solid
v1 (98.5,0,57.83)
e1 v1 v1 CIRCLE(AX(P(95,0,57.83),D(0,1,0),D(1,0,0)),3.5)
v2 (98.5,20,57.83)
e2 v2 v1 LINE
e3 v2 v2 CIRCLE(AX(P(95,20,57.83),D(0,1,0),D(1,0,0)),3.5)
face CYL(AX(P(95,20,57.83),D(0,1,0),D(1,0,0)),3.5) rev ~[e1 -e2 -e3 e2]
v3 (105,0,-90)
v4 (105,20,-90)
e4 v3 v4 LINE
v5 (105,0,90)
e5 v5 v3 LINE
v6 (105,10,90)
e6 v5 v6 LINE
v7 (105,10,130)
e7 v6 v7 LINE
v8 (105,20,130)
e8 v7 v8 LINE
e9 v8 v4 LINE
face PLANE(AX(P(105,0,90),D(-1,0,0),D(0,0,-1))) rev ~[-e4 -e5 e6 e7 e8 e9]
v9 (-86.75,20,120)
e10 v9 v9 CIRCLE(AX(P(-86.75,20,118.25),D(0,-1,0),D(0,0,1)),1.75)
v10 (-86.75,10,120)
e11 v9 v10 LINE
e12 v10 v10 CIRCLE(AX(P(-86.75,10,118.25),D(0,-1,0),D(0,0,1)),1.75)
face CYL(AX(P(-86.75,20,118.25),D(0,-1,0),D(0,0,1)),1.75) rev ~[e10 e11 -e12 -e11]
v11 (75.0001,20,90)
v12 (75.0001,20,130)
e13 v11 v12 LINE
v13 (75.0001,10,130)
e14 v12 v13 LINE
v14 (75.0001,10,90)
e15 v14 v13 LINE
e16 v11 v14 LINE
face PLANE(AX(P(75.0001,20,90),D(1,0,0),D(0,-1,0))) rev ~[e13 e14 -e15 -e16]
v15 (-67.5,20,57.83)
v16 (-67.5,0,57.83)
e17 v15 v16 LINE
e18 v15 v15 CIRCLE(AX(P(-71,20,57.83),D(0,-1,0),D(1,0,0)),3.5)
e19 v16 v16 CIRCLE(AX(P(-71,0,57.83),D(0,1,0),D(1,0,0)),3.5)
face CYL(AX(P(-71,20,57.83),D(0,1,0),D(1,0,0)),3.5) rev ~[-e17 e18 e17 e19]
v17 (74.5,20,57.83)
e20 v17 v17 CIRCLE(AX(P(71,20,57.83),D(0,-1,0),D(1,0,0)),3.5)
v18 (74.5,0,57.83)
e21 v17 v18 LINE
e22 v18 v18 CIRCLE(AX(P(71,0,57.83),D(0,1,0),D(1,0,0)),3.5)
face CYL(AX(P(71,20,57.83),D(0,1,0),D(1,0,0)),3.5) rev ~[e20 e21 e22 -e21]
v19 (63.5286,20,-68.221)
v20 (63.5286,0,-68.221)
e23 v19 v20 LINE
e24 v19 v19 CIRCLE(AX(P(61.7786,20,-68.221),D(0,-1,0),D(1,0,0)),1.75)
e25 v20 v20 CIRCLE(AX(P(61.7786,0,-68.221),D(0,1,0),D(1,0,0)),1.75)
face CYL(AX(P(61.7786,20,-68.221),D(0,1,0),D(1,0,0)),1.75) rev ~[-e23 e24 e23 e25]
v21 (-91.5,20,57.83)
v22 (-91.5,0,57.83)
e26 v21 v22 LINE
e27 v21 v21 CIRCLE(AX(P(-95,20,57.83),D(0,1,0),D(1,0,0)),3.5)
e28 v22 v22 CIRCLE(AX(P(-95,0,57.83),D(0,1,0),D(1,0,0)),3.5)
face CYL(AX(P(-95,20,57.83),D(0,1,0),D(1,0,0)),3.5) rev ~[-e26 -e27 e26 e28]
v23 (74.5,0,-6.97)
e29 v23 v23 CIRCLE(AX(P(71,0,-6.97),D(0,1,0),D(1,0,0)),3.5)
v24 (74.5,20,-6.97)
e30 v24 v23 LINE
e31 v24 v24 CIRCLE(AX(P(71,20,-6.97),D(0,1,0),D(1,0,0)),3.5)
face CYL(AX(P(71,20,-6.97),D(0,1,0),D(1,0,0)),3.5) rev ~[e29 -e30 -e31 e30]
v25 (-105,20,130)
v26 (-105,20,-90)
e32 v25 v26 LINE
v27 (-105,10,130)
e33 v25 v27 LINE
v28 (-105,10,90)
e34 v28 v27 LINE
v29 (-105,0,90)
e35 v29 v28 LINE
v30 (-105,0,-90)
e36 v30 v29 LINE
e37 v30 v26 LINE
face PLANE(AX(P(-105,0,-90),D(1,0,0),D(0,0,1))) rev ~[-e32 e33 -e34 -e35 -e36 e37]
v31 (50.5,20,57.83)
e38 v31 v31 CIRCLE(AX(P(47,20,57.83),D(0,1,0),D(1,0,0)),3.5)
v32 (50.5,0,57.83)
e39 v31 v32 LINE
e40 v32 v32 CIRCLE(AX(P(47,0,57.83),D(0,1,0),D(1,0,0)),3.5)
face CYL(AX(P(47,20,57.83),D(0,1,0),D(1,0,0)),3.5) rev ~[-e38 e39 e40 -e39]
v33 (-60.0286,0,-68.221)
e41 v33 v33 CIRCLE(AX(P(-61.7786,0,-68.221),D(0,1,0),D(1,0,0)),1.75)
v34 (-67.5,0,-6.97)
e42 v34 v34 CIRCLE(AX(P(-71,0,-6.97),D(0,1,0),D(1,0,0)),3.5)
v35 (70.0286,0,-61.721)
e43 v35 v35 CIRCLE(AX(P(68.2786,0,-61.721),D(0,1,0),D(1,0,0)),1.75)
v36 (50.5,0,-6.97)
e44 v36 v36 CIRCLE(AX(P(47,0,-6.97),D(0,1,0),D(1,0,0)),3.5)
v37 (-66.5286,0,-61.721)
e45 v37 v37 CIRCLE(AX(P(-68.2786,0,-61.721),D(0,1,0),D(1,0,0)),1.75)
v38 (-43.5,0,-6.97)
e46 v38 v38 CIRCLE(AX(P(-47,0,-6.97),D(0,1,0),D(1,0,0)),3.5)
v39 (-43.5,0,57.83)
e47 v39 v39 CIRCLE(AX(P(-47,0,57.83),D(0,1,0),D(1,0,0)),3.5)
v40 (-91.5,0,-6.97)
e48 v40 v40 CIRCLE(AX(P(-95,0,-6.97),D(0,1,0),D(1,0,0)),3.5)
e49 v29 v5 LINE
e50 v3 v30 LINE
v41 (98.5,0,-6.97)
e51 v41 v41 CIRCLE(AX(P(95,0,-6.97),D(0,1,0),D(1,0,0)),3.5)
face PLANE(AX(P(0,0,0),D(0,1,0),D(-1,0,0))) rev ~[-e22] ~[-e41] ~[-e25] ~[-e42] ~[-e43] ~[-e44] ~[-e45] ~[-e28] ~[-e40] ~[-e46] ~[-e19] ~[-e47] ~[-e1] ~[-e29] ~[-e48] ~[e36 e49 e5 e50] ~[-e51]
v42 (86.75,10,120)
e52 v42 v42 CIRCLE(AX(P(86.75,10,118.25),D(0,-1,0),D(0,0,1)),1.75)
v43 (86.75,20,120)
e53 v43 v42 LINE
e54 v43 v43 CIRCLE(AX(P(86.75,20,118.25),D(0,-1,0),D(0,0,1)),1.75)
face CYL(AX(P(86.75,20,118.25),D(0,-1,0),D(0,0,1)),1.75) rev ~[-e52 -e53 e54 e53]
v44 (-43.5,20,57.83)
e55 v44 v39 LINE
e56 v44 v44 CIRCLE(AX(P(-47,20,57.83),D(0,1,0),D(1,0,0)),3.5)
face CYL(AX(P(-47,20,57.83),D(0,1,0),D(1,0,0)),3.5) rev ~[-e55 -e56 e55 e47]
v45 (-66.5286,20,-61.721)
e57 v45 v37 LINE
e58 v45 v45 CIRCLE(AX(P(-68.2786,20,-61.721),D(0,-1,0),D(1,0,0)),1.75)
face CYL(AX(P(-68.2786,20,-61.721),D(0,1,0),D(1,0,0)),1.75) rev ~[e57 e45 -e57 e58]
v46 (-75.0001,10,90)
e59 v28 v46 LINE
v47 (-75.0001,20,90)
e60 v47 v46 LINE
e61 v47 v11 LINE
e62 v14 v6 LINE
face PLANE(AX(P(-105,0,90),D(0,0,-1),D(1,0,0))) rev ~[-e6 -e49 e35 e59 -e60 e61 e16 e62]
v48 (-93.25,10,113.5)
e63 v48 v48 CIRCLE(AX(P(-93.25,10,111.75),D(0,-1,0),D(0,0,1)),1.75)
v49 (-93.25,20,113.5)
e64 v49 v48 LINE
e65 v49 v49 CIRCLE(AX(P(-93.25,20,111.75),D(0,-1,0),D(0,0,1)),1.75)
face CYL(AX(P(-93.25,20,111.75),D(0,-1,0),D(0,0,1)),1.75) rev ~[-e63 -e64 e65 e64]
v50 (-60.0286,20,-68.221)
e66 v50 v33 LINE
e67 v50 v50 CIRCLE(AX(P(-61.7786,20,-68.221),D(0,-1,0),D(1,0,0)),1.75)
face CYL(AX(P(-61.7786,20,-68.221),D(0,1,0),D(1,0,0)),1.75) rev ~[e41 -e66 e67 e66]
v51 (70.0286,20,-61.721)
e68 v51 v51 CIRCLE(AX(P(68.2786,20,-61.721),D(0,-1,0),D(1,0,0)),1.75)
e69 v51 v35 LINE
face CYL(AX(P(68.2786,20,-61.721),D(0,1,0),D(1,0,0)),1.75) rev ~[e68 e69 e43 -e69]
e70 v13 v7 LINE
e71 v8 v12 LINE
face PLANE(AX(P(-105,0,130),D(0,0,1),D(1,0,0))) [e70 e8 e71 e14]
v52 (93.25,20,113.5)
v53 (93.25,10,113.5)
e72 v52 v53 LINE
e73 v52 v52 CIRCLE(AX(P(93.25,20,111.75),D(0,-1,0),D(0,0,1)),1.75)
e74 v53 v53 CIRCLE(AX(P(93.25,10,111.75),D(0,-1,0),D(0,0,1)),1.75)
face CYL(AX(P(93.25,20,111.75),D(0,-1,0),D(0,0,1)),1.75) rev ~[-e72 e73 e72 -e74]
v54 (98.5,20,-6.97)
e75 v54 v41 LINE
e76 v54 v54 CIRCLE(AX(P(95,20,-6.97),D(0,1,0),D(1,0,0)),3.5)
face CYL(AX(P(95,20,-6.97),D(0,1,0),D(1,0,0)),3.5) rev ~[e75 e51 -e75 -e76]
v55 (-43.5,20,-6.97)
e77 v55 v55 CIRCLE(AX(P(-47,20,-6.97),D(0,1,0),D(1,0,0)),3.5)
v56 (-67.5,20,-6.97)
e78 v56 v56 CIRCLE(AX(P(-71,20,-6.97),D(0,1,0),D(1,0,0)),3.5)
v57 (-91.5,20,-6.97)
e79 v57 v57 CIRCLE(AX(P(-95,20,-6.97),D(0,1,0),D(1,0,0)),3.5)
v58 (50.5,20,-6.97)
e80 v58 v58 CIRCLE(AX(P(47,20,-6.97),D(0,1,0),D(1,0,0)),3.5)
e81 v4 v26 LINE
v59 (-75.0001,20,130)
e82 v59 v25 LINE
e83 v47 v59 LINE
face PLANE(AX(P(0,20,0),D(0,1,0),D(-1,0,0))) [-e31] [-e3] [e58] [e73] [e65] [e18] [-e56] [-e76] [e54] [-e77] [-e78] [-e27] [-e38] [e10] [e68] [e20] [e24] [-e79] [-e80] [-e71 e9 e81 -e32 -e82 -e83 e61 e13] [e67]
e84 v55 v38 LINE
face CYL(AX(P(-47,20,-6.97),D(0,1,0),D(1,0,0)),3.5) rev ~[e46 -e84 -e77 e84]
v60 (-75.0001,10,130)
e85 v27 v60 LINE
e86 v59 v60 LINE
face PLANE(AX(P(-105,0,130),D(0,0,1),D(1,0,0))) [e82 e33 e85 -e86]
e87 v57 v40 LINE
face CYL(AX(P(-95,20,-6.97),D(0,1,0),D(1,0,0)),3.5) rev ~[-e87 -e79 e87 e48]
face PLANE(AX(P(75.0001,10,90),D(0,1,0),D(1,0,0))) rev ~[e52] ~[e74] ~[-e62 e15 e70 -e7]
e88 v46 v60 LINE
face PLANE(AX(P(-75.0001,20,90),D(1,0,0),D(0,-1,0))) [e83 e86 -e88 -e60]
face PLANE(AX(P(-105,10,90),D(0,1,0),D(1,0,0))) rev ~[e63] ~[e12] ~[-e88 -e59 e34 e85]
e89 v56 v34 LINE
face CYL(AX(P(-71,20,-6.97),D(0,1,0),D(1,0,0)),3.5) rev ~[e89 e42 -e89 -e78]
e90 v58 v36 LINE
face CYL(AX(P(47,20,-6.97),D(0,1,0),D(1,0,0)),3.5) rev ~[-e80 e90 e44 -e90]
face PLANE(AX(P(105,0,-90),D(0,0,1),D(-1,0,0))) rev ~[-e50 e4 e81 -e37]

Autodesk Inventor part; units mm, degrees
ref_plane "YZ Plane" through (0, 0, 0) normal (1, 0, 0) x (0, 1, 0)
ref_plane "XZ Plane" through (0, 0, 0) normal (0, 1, 0) x (-1, 0, 0)
ref_plane "XY Plane" through (0, 0, 0) normal (0, 0, 1) x (1, 0, 0)
sketch "Boceto1" plane through (0, 0, 0) normal (0, 1, 0) x (-1, 0, 0)
  line L0 (105, 90) -> (-105, 90)
  line L1 (-105, 90) -> (-105, -90)
  line L2 (-105, -90) -> (105, -90)
  line L3 (105, -90) -> (105, 90)
  line L4 (105, 90) -> (-105, -90) construction
  line L5 (-105, 90) -> (105, -90) construction
  point P0 (0, 0)
  dimension "d0" = 210
  dimension "d1" = 180
extrude "Extrusión1" add sketch "Boceto1" along normal blind 20
sketch "Boceto2" plane through (0, 20, 0) normal (0, 1, 0) x (1, 0, 0)
  circle A0 centre (-95, -57.83) radius 3.5
  line L0 (-105, -65.43) -> (-37, -65.43)
  line L1 (-37, -65.43) -> (-37, 14.57)
  line L2 (-37, 14.57) -> (-105, 14.57)
  line L3 (-105, 14.57) -> (-105, -65.43)
  line L4 (-71, -65.43) -> (-71, -8.508)
  circle A1 centre (-71, -57.83) radius 3.5
  circle A2 centre (-47, -57.83) radius 3.5
  line L5 (-37, -25.43) -> (-48.2072, -25.43)
  circle A3 centre (-47, 6.97) radius 3.5
  circle A4 centre (-71, 6.97) radius 3.5
  circle A5 centre (-95, 6.97) radius 3.5
  line L6 (0, 0) -> (0, 47.1145)
  circle A6 centre (95, -57.83) radius 3.5
  line L7 (105, -65.43) -> (37, -65.43)
  line L8 (37, -65.43) -> (37, 14.57)
  line L9 (37, 14.57) -> (105, 14.57)
  line L10 (105, 14.57) -> (105, -65.43)
  line L11 (71, -65.43) -> (71, -8.508)
  circle A7 centre (71, -57.83) radius 3.5
  circle A8 centre (47, -57.83) radius 3.5
  line L12 (37, -25.43) -> (48.2072, -25.43)
  circle A9 centre (47, 6.97) radius 3.5
  circle A10 centre (71, 6.97) radius 3.5
  circle A11 centre (95, 6.97) radius 3.5
  circle A12 centre (-65, 65) radius 5
  circle A13 centre (65, 65) radius 5
  circle A14 centre (65, 65) radius 5
  line L13 (0, 0) -> (210, 0)
  line L14 (0, 0) -> (210, 0)
  line L15 (210, 0) -> (105, 0)
  circle A15 centre (40, -25) radius 5
  circle A16 centre (0, -75) radius 10
  line L16 (-105, -90) -> (105, -90) projected
  line L17 (105, 90) -> (-105, 90) projected
  line L18 (-105, 90) -> (-105, -90) projected
  dimension "d4" = 7
  dimension "d5" = 68
  dimension "d6" = 80
  dimension "d7" = 7.6
  dimension "d8" = 10
  dimension "d9" = 7
  dimension "d11" = 24
  dimension "d14" = 10
  dimension "d16" = 10
  dimension "d30" = 20
  dimension "d31" = 0
  dimension "d32" = 15
  dimension "d101" = 25
  dimension "d102" = 40
extrude "Extrusión2" cut sketch "Boceto2" against normal blind 20 contours A0 | A1 L4 | L4 A1 | A2 | A3 | A4 | A5 | A6 | A7 L11 | L11 A7 | A8 | A9 | A10 | A11
sketch "Boceto7" plane through (-105, 0, 90) normal (0, 0, 1) x (1, 0, 0)
  line L0 (0, 10) -> (29.9999, 10)
  line L1 (29.9999, 20) -> (29.9999, 10)
  line L2 (0, 10) -> (29.9999, 10)
  line L3 (29.9999, 10) -> (29.9999, 20)
  line L4 (29.9999, 20) -> (0, 20)
  line L5 (0, 20) -> (0, 10)
  line L6 (180.0001, 10) -> (210, 10)
  line L7 (210, 10) -> (210, 20)
  line L8 (180.0001, 10) -> (210, 10)
  line L9 (210, 10) -> (210, 20)
  line L10 (210, 20) -> (180.0001, 20)
  line L11 (180.0001, 20) -> (180.0001, 10)
  line L12 (0, 0) -> (0, 20) projected
  line L13 (210, 0) -> (210, 20) projected
  point P0 (105, 0)
  point P1 (0, 10)
  dimension "d79" = 29.9999
  dimension "d80" = 10
  dimension "d81" = 0
  dimension "d82" = 10
  dimension "d83" = 29.9999
  dimension "d84" = 0
extrude "Extrusión7" add sketch "Boceto7" along normal blind 40
sketch "Boceto8" plane through (0, 20, 0) normal (0, 1, 0) x (1, 0, 0)
  line L0 (-105, -90) -> (-105, -130)
  line L1 (-64.3507, -90) -> (-74.3507, -90)
  line L2 (-105, -130) -> (-75.0001, -130)
  line L3 (-75.0001, -130) -> (-75.0001, -90)
  line L4 (-75.0001, -90) -> (-105, -90)
  line L5 (-55.1959, -89.9497) -> (-75.0001, -90)
  circle A0 centre (-93.25, -111.75) radius 1.75
  circle A1 centre (-86.75, -118.25) radius 1.75
  line L6 (-75.0001, -90) -> (75.0001, -90) projected
  line L7 (0, -90) -> (0, -111.75)
  circle A2 centre (86.75, -118.25) radius 1.75
  circle A3 centre (93.25, -111.75) radius 1.75
  point P0 (0, 0)
  point P1 (-63.4459, -118.25)
  point P2 (-86.75, -111.75)
  point P3 (-105, -16)
  point P4 (86.75, -111.75)
  dimension "d67" = 11.7499
  dimension "d86" = 40
  dimension "d87" = 29.9999
  dimension "d88" = 21.75
  dimension "d89" = 11.75
  dimension "d90" = 28.3003
  dimension "d91" = 11.7499
hole "Agujero1" at (-86.75, 20, 118.25) at (-93.25, 20, 111.75) at (86.75, 20, 118.25) at (93.25, 20, 111.75) direction (0, -1, 0) diameter 3.5 end through all
sketch "Boceto9" plane through (0, 20, 0) normal (0, 1, 0) x (1, 0, 0)
  circle A0 centre (61.7786, 68.221) radius 1.75
  line L0 (60.0286, 59.971) -> (70.0286, 59.971)
  line L1 (70.0286, 59.971) -> (70.0286, 69.971)
  line L2 (70.0286, 69.971) -> (60.0286, 69.971)
  line L3 (60.0286, 69.971) -> (60.0286, 59.971)
  line L4 (60.0286, 59.971) -> (70.0286, 69.971) construction
  line L5 (70.0286, 59.971) -> (60.0286, 69.971) construction
  circle A1 centre (68.2786, 61.721) radius 1.75
  line L6 (105, 90) -> (-105, 90) projected
  line L7 (-60.0286, 69.971) -> (-60.0286, 59.971)
  line L8 (-70.0286, 59.971) -> (-70.0286, 69.971)
  line L9 (-60.0286, 59.971) -> (-70.0286, 69.971) construction
  line L10 (-70.0286, 59.971) -> (-60.0286, 69.971) construction
  line L11 (-60.0286, 59.971) -> (-70.0286, 59.971)
  circle A2 centre (-68.2786, 61.721) radius 1.75
  line L12 (-70.0286, 69.971) -> (-60.0286, 69.971)
  circle A3 centre (-61.7786, 68.221) radius 1.75
  point P0 (0, 0)
  point P1 (70.0286, 64.971)
  point P2 (-70.0286, 64.971)
extrude "Extrusión8" cut sketch "Boceto9" against normal blind 20 contours A0 | A1 | A3 | A2
properties part number "base_back"
